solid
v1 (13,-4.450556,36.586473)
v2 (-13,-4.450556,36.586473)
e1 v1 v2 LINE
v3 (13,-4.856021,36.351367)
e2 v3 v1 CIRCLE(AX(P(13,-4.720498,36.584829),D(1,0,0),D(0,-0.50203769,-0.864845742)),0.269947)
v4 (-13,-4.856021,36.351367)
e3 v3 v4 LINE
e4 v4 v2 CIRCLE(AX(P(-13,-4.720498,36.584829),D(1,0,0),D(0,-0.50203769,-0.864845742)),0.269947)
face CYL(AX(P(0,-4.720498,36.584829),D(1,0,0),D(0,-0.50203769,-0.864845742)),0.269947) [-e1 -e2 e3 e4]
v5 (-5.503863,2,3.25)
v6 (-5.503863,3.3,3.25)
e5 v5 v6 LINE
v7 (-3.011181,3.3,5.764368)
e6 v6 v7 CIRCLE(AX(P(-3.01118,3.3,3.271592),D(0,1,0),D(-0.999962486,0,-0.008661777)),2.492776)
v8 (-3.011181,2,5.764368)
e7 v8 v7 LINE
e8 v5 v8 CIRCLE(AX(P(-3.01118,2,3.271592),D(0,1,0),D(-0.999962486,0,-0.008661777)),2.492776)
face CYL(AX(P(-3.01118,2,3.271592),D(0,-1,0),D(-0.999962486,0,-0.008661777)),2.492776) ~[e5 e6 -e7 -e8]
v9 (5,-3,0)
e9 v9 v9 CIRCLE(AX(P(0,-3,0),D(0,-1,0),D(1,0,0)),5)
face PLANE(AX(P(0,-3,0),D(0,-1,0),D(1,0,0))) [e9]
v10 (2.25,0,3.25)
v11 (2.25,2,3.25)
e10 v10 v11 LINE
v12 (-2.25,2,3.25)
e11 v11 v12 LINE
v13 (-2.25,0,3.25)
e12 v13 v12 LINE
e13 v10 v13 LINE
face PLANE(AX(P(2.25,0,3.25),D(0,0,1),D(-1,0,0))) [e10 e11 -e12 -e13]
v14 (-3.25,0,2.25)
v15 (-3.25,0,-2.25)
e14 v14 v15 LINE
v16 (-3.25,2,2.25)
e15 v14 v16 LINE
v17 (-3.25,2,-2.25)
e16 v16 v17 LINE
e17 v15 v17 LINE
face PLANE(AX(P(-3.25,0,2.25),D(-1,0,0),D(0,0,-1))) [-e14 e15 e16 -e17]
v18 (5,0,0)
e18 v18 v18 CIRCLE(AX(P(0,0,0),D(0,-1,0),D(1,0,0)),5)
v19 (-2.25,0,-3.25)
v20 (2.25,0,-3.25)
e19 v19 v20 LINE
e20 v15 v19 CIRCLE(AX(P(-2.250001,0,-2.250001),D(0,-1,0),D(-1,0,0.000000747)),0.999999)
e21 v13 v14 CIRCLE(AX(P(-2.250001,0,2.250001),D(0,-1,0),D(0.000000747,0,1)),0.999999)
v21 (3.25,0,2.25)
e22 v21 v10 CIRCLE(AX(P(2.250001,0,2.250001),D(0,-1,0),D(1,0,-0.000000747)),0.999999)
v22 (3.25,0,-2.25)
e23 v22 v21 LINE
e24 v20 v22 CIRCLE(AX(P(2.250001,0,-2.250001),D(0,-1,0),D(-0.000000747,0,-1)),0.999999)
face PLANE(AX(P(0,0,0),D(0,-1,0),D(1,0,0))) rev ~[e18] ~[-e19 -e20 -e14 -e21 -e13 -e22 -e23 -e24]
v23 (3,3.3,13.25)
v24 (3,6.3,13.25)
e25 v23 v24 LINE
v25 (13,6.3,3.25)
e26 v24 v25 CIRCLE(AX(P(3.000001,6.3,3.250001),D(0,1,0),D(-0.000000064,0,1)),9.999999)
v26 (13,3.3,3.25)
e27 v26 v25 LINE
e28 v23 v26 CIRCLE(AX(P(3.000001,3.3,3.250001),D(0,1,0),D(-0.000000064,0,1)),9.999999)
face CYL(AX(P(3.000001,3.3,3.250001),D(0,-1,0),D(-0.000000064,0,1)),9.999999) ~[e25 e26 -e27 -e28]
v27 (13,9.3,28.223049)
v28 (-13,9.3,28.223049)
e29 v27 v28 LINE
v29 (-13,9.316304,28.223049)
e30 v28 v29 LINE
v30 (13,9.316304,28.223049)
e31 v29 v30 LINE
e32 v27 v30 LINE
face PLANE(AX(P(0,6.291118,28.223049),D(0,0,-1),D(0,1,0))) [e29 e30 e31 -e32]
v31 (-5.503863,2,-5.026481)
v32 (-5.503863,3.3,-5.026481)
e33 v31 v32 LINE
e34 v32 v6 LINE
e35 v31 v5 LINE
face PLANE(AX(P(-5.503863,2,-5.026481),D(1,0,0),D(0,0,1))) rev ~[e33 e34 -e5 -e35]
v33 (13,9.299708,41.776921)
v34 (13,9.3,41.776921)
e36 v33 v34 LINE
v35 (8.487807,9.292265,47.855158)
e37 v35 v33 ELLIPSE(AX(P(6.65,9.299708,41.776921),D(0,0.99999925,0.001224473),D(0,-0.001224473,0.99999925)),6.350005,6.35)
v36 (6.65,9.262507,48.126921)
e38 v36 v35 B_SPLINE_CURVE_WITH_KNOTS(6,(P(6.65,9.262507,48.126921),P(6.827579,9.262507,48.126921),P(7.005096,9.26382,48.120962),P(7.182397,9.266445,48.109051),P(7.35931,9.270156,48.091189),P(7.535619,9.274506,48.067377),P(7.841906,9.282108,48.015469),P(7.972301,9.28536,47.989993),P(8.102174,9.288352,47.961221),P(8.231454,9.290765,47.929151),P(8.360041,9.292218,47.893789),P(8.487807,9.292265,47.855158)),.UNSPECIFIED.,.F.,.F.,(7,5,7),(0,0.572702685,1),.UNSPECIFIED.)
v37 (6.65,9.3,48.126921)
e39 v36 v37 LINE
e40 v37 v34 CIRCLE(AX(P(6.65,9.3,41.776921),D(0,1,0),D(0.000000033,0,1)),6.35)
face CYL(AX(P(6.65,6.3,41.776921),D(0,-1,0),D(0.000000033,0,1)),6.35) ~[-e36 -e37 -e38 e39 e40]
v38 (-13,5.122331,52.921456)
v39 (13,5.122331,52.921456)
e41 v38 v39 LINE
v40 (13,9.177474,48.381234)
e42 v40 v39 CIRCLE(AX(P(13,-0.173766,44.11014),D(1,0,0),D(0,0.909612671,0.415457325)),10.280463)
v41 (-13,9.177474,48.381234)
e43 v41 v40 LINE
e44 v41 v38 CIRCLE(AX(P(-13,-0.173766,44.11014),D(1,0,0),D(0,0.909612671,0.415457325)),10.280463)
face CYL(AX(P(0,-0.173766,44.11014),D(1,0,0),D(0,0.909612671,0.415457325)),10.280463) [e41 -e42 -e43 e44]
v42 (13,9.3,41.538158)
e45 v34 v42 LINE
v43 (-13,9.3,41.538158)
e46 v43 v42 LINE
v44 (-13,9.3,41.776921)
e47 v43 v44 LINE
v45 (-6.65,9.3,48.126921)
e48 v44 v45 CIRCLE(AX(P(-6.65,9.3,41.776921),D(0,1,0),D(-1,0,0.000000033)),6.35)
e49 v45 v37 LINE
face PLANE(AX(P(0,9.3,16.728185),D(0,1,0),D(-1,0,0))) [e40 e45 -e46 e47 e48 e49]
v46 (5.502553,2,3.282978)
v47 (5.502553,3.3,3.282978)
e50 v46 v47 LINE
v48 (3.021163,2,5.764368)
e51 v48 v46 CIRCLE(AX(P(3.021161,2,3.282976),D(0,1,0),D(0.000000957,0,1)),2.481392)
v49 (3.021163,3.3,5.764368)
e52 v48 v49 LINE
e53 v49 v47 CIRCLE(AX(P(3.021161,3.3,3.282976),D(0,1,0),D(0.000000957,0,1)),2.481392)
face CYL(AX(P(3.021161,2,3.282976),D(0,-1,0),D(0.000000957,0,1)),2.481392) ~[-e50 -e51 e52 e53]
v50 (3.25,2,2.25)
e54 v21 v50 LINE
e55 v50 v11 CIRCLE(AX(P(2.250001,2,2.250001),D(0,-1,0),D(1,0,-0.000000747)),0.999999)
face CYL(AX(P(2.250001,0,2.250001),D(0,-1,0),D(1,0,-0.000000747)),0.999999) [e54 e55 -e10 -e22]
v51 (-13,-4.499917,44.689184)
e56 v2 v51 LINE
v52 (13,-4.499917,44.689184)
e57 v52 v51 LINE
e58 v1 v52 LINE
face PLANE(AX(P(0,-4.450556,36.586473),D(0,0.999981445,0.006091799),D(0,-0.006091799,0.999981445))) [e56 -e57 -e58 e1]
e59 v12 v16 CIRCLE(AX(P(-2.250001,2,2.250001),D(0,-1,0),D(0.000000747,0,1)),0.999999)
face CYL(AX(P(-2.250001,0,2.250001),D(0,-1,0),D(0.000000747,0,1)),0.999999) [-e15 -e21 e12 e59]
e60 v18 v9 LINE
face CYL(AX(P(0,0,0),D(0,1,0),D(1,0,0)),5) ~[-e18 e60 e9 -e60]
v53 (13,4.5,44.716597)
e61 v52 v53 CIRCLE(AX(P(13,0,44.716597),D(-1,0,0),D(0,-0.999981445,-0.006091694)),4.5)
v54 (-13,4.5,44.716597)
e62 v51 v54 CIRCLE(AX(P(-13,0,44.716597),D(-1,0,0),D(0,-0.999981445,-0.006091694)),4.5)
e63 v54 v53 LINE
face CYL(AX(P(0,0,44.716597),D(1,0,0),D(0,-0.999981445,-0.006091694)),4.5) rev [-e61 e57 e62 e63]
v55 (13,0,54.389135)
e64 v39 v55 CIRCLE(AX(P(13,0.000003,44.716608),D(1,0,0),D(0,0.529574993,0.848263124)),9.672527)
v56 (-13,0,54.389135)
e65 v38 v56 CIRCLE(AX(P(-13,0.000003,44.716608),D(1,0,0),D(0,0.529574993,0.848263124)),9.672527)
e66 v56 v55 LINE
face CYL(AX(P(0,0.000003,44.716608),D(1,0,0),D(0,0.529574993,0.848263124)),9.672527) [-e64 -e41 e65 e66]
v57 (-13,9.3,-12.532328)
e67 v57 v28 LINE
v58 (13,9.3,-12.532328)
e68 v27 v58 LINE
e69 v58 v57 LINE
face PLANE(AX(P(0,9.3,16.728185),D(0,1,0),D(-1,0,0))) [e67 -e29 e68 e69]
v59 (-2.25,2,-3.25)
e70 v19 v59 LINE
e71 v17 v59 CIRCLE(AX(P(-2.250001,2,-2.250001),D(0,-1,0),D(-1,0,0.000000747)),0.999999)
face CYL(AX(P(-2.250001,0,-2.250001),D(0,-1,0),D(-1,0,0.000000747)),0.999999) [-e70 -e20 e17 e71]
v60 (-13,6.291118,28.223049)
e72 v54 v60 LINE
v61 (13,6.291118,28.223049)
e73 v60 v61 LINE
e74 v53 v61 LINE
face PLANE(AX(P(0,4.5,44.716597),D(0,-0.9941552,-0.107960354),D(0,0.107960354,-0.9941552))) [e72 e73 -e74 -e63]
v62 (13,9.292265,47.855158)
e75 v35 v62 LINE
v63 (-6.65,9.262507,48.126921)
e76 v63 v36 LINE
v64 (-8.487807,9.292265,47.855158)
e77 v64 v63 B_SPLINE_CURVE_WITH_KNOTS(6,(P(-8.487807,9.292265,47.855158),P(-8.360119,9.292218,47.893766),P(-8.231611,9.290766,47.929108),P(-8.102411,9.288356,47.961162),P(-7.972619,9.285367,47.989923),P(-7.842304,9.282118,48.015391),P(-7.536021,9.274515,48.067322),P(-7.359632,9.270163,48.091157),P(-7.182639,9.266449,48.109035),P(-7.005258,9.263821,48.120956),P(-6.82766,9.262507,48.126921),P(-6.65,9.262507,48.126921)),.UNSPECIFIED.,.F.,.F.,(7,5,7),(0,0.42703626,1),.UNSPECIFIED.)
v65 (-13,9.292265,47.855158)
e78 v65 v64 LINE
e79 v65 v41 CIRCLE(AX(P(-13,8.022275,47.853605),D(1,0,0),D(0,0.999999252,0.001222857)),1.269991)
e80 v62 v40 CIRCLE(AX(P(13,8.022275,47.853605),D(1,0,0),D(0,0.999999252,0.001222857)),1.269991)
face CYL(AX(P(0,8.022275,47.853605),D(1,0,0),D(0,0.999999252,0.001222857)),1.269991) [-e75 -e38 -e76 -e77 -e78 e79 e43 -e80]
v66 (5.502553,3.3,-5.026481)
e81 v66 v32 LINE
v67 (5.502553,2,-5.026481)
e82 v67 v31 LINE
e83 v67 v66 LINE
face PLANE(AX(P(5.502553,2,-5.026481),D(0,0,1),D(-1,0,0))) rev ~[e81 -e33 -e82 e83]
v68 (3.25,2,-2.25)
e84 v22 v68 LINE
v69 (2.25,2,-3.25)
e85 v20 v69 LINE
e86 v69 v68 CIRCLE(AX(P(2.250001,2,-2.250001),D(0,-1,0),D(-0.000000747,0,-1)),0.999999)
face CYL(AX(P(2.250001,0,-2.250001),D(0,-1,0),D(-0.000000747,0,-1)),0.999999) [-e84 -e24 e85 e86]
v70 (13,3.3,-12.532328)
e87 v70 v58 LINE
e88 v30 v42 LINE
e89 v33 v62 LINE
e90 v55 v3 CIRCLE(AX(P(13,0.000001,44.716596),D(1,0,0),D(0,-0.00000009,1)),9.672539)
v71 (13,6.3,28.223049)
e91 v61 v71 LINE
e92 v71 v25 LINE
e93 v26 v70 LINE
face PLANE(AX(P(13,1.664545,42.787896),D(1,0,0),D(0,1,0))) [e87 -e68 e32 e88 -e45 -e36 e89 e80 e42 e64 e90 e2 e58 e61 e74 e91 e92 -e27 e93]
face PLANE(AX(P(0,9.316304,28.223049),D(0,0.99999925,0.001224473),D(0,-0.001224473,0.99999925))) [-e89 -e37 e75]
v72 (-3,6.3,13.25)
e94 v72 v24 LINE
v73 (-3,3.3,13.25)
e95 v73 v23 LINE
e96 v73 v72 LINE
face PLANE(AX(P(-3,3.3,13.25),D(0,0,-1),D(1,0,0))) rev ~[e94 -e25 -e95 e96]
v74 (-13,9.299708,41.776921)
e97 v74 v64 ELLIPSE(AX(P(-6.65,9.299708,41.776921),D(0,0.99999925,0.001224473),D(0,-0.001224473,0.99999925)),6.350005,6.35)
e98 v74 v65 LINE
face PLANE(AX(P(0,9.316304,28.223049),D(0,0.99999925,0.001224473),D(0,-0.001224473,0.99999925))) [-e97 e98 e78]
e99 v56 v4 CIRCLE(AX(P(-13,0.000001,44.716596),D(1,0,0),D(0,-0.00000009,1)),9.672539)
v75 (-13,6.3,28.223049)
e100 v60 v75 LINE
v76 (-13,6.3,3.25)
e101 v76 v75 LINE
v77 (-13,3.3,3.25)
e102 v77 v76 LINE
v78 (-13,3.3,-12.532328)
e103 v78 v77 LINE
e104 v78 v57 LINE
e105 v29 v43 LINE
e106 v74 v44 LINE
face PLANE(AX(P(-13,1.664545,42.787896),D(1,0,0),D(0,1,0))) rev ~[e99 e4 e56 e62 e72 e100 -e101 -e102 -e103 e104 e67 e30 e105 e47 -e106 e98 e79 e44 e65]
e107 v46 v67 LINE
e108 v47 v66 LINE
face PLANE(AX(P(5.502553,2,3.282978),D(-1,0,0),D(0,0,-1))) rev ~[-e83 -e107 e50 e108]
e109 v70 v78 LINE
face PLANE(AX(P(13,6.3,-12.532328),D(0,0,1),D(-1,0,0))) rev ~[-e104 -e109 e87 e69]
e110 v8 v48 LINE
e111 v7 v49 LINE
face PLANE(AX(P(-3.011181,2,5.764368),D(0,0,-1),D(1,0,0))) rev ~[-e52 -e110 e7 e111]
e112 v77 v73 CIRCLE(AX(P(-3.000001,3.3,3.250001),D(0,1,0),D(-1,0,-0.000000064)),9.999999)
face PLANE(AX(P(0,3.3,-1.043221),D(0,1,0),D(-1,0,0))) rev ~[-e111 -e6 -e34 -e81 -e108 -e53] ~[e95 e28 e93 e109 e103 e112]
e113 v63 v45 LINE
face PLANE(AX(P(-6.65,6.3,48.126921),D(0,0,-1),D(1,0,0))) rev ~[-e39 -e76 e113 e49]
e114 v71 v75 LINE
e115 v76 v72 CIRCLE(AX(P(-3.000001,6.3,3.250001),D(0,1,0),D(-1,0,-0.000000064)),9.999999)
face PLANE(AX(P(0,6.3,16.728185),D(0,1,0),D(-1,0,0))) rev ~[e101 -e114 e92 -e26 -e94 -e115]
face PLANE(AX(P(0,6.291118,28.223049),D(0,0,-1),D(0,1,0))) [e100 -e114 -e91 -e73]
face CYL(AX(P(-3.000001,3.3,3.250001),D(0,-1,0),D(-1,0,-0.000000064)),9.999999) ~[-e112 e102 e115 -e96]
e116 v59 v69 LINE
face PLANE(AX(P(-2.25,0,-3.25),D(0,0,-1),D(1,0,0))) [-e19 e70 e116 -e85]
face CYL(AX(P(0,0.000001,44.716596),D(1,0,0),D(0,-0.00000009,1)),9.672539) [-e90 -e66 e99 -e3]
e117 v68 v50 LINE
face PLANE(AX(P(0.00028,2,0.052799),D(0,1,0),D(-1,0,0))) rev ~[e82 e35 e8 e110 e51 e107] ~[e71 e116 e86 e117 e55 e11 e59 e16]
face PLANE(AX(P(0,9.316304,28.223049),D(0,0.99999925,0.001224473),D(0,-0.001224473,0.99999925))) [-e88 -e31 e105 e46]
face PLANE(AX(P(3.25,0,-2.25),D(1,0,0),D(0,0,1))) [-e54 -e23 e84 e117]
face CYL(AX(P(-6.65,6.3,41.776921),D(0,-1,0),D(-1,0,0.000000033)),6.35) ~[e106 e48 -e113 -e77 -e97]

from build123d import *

# Parameters (mm, degrees)
F0_R      = 5
F1_DEPTH  = 3
F3_DEPTH  = 2
F6_DEPTH  = 1.3
F8_DEPTH  = 3
F10_DEPTH = 3
F12_DEPTH = 13


with BuildPart() as f1:
    # F0 (on Front) → F1 (new body)
    with BuildSketch(Plane.XZ):
        Circle(F0_R)
    extrude(amount=F1_DEPTH)

    # F2 (on Front) → F3 (join)
    with BuildSketch(Plane.XZ):
        with BuildLine():
            ThreePointArc((3.25, 2.25), (2.957107, 2.957107), (2.25, 3.25))
            Line((2.25, 3.25), (-2.25, 3.25))
            ThreePointArc((-2.25, 3.25), (-2.957107, 2.957107), (-3.25, 2.25))
            Line((-3.25, 2.25), (-3.25, -2.25))
            ThreePointArc((-3.25, -2.25), (-2.957107, -2.957107), (-2.25, -3.25))
            Line((-2.25, -3.25), (2.25, -3.25))
            ThreePointArc((2.25, -3.25), (2.957107, -2.957107), (3.25, -2.25))
            Line((3.25, -2.25), (3.25, 2.25))
        make_face()
    extrude(amount=-F3_DEPTH)

    # F5 (on face) → F6 (join)
    with BuildSketch(Plane(origin=(0, 2, 0), x_dir=(-1, 0, 0), z_dir=(0, 1, 0))):
        with BuildLine():
            Line((3.011181, 5.764368), (-3.021163, 5.764368))
            ThreePointArc((-3.021163, 5.764368), (-4.77577, 5.037585), (-5.502553, 3.282978))
            Line((-5.502553, 3.282978), (-5.502553, -5.026481))
            Line((-5.502553, -5.026481), (5.503863, -5.026481))
            Line((5.503863, -5.026481), (5.503863, 3.25))
            ThreePointArc((5.503863, 3.25), (4.781457, 5.0266), (3.011181, 5.764368))
        make_face()
    extrude(amount=F6_DEPTH)

    # F7 (on face) → F8 (join)
    with BuildSketch(Plane(origin=(0, 3.3, 0), x_dir=(-1, 0, 0), z_dir=(0, 1, 0))):
        with BuildLine():
            Line((3, 13.25), (0, 13.25))
            Line((0, 13.25), (-3, 13.25))
            ThreePointArc((-3, 13.25), (-10.071068, 10.321068), (-13, 3.25))
            Line((-13, 3.25), (-13, -12.532328))
            Line((-13, -12.532328), (0, -12.532328))
            Line((0, -12.532328), (13, -12.532328))
            Line((13, -12.532328), (13, 3.25))
            ThreePointArc((13, 3.25), (10.071068, 10.321068), (3, 13.25))
        make_face()
    extrude(amount=F8_DEPTH)

    # F9 (on face) → F10 (join)
    with BuildSketch(Plane(origin=(0, 6.3, 0), x_dir=(-1, 0, 0), z_dir=(0, 1, 0))):
        with BuildLine():
            Line((-13, 41.776921), (-13, -12.532328))
            Line((-13, -12.532328), (13, -12.532328))
            Line((13, -12.532328), (13, 41.776921))
            ThreePointArc((13, 41.776921), (11.140128, 46.267049), (6.65, 48.126921))
            Line((6.65, 48.126921), (-6.65, 48.126921))
            ThreePointArc((-6.65, 48.126921), (-11.140128, 46.267049), (-13, 41.776921))
        make_face()
    extrude(amount=F10_DEPTH)

    # F11 (on Right) → F12 (join, symmetric)
    with BuildSketch(Plane.YZ):
        with BuildLine():
            ThreePointArc((-4.499917, 44.689184), (-0.013706, 49.216576), (4.5, 44.716597))
            Line((4.5, 44.716597), (6.291118, 28.223049))
            Line((6.291118, 28.223049), (9.316304, 28.223049))
            Line((9.316304, 28.223049), (9.292265, 47.855158))
            ThreePointArc((9.292265, 47.855158), (9.263071, 48.124349), (9.177474, 48.381234))
            ThreePointArc((9.177474, 48.381234), (7.493667, 50.958381), (5.122331, 52.921456))
            ThreePointArc((5.122331, 52.921456), (2.657907, 53.992931), (0, 54.389135))
            ThreePointArc((0, 54.389135), (-9.339994, 47.231055), (-4.856021, 36.351367))
            ThreePointArc((-4.856021, 36.351367), (-4.585088, 36.351301), (-4.450556, 36.586473))
            Line((-4.450556, 36.586473), (-4.499917, 44.689184))
        make_face()
        with BuildLine():
            ThreePointArc((5.122331, 52.921456), (2.664224, 54.014979), (0, 54.389135))
            ThreePointArc((0, 54.389135), (2.657907, 53.992931), (5.122331, 52.921456))
        make_face()
    extrude(amount=F12_DEPTH, both=True)


solid = f1.part
